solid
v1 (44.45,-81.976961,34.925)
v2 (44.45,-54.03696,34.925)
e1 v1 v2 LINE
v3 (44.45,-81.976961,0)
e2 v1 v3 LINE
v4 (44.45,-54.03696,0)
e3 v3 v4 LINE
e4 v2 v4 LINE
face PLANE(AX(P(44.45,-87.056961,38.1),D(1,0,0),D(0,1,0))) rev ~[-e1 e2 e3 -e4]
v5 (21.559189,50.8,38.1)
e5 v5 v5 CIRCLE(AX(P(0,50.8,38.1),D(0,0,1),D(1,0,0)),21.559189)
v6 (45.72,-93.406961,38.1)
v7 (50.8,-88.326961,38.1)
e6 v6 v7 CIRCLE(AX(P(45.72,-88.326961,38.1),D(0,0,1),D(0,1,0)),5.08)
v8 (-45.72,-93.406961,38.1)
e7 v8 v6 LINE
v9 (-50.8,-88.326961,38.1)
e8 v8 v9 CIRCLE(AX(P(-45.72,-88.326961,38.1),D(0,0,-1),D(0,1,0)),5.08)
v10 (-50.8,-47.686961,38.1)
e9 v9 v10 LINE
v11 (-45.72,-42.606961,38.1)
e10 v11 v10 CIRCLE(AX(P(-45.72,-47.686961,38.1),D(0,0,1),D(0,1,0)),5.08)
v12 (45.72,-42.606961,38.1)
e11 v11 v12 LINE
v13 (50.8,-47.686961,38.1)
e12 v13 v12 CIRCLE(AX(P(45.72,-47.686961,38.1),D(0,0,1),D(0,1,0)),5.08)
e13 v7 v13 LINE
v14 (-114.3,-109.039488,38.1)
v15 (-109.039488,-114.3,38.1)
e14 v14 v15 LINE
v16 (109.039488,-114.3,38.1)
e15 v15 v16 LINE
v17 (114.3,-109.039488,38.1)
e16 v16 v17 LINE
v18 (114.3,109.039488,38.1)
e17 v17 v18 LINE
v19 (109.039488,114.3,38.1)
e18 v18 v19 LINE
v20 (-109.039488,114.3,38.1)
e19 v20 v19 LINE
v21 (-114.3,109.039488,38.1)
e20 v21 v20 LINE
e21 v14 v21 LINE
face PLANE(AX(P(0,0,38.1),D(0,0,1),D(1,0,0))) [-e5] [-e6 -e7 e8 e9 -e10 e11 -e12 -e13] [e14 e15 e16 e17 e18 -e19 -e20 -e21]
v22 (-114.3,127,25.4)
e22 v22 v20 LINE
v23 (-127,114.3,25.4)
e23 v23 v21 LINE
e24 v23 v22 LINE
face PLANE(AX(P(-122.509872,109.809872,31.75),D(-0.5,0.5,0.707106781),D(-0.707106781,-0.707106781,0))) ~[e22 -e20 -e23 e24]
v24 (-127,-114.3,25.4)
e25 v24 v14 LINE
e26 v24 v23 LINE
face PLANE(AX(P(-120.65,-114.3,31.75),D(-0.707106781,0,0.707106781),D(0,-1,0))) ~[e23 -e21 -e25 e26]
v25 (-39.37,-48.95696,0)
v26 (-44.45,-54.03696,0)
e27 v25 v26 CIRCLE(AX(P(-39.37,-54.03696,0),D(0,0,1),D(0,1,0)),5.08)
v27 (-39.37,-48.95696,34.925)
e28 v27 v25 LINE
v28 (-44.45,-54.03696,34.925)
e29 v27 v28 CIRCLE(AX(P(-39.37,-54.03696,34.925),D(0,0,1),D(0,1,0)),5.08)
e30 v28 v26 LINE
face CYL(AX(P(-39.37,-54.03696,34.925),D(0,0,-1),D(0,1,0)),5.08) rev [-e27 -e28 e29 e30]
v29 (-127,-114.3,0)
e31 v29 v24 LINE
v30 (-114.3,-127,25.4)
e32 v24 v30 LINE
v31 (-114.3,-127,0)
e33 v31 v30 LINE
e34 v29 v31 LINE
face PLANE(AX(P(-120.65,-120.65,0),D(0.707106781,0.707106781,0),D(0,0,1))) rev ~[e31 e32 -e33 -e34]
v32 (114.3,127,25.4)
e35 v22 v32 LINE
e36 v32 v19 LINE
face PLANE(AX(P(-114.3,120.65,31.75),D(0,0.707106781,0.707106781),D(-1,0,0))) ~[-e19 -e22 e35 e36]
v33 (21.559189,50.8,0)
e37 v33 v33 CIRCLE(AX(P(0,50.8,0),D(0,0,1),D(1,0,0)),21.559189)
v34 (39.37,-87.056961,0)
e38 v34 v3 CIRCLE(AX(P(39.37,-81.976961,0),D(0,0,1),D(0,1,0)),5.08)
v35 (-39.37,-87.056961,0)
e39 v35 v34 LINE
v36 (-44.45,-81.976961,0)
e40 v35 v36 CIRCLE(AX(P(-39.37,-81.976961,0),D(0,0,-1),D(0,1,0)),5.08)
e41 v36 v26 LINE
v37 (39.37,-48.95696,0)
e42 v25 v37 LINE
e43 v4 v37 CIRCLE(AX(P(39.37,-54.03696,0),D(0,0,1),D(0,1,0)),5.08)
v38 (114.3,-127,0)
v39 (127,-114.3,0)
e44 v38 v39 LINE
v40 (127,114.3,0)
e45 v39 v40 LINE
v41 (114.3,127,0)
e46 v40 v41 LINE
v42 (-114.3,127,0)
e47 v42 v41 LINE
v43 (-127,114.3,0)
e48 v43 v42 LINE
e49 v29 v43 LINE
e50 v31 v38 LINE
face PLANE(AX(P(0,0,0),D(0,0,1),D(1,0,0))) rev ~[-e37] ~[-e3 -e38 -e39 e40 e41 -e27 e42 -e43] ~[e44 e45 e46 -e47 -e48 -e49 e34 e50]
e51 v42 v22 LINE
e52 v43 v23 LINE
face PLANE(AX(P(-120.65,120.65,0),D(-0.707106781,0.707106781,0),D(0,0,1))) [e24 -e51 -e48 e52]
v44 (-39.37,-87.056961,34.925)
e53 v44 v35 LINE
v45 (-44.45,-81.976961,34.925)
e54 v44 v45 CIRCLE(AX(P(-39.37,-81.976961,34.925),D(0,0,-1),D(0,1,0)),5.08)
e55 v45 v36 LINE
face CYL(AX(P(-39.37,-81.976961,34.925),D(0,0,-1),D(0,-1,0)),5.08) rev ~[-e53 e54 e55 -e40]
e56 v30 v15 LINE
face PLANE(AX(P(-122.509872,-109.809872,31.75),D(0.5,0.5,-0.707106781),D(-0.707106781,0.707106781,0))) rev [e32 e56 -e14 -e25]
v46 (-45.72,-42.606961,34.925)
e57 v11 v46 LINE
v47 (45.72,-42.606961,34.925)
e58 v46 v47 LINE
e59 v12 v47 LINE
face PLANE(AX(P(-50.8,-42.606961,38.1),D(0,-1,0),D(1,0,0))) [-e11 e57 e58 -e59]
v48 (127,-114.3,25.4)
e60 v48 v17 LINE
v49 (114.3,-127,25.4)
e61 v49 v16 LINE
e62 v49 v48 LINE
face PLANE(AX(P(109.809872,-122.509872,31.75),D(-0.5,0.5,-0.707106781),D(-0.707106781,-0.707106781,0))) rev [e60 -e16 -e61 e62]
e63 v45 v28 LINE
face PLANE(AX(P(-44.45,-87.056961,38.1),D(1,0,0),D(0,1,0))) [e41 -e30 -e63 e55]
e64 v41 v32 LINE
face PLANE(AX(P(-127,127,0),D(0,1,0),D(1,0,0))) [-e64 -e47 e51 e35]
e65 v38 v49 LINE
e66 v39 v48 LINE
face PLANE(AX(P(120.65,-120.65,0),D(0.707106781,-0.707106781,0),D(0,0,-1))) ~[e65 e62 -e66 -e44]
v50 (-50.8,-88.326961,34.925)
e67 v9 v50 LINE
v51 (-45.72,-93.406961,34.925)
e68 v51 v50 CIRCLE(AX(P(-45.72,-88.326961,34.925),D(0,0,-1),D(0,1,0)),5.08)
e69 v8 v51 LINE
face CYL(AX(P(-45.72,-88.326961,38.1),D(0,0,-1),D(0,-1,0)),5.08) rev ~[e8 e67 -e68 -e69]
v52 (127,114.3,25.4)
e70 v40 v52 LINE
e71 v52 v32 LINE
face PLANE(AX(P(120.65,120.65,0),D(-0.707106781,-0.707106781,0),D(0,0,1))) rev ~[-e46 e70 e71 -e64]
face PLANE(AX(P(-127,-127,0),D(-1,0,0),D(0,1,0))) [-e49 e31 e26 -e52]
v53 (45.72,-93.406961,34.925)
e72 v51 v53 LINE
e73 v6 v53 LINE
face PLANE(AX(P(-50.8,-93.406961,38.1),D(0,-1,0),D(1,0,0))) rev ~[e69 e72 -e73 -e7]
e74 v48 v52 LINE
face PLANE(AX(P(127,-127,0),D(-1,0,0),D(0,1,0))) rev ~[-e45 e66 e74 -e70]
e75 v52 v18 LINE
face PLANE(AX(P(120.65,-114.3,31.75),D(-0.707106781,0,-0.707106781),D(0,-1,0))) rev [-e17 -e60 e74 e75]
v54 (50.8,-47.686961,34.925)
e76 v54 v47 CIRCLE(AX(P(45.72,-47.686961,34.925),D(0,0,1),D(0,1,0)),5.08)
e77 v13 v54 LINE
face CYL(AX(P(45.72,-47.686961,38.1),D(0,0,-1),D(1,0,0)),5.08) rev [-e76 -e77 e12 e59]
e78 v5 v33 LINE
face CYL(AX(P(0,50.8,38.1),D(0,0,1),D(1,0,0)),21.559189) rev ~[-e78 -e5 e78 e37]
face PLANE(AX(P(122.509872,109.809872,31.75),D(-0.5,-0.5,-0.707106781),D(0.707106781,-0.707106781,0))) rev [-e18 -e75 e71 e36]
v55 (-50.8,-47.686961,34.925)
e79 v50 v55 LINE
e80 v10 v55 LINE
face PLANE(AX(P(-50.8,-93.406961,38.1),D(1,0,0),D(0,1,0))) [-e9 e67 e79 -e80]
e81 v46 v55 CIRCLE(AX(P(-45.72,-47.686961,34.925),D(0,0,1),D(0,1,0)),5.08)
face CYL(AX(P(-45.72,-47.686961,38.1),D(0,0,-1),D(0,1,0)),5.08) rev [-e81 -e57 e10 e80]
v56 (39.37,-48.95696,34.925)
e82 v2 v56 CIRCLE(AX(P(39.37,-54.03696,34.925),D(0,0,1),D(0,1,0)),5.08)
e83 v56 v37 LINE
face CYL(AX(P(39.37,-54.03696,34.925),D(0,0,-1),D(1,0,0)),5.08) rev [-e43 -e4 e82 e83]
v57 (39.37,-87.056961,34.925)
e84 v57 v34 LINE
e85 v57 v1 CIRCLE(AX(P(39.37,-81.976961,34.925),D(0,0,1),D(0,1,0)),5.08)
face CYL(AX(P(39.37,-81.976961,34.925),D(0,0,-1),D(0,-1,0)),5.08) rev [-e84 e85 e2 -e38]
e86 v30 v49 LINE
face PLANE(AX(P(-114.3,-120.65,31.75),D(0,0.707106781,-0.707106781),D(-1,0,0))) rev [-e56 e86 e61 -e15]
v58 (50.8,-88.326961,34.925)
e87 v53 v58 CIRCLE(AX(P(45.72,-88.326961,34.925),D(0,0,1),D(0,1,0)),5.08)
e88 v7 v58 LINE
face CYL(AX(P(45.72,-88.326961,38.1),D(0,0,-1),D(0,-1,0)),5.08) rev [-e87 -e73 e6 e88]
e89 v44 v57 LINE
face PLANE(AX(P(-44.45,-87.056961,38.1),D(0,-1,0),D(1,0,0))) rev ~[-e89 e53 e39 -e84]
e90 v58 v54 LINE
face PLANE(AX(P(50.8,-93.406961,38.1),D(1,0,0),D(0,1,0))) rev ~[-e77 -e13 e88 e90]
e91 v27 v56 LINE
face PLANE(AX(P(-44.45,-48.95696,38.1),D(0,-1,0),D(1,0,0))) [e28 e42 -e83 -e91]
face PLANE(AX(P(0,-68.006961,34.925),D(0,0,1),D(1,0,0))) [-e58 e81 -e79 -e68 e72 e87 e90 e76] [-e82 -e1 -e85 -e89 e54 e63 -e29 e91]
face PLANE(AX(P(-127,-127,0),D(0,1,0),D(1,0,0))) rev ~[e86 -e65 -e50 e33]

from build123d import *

# Parameters (mm, degrees)
F0_W     = 254
F0_H     = 254
F1_DEPTH = 38.1
F2_SIZE  = 12.7
F3_R     = 21.5591889527
F4_DEPTH = 38.1
F5_W     = 101.6
F5_H     = 50.8
F6_DEPTH = 3.175
F7_W     = 88.9000004845
F7_H     = 38.1000004845
F8_DEPTH = 38.101
F9_R     = 5.08
F10_SIZE = 12.7


with BuildPart() as f1:
    # F0 (on Top) → F1 (new body)
    with BuildSketch(Plane.XY):
        Rectangle(F0_W, F0_H)
    extrude(amount=F1_DEPTH)

    # F2
    f2_edges = [f1.edges().sort_by_distance(p)[0] for p in [
        (-127, -127, 19.05),
        (127, -127, 19.05),
        (-127, 127, 19.05),
        (127, 127, 19.05),
    ]]
    chamfer(f2_edges, length=F2_SIZE)

    # F3 (on face) → F4 (cut, through all)
    with BuildSketch(Plane.XY.offset(38.1)):
        with Locations((0, 50.8)):
            Circle(F3_R)
    extrude(amount=-F4_DEPTH, mode=Mode.SUBTRACT)

    # F5 (on face) → F6 (cut)
    with BuildSketch(Plane.XY.offset(38.1)):
        with Locations((0, -68.0069606819)):
            Rectangle(F5_W, F5_H)
    extrude(amount=-F6_DEPTH, mode=Mode.SUBTRACT)

    # F7 (on face) → F8 (cut, through all)
    with BuildSketch(Plane.XY.offset(38.1)):
        with Locations((0, -68.0069606819)):
            Rectangle(F7_W, F7_H)
    extrude(amount=-F8_DEPTH, mode=Mode.SUBTRACT)

    # F9
    f9_edges = [f1.edges().sort_by_distance(p)[0] for p in [
        (-50.8, -42.606961, 36.5125),
        (-44.45, -48.95696, 17.4625),
        (44.45, -48.95696, 17.4625),
        (50.8, -42.606961, 36.5125),
        (50.8, -93.406961, 36.5125),
        (44.45, -87.056961, 17.4625),
        (-44.45, -87.056961, 17.4625),
        (-50.8, -93.406961, 36.5125),
    ]]
    fillet(f9_edges, radius=F9_R)

    # F10
    f10_edges = [f1.edges().sort_by_distance(p)[0] for p in [
        (0, -127, 38.1),
        (-120.65, -120.65, 38.1),
        (-127, 0, 38.1),
        (-120.65, 120.65, 38.1),
        (0, 127, 38.1),
        (120.65, 120.65, 38.1),
        (120.65, -120.65, 38.1),
        (127, 0, 38.1),
    ]]
    chamfer(f10_edges, length=F10_SIZE)


solid = f1.part
